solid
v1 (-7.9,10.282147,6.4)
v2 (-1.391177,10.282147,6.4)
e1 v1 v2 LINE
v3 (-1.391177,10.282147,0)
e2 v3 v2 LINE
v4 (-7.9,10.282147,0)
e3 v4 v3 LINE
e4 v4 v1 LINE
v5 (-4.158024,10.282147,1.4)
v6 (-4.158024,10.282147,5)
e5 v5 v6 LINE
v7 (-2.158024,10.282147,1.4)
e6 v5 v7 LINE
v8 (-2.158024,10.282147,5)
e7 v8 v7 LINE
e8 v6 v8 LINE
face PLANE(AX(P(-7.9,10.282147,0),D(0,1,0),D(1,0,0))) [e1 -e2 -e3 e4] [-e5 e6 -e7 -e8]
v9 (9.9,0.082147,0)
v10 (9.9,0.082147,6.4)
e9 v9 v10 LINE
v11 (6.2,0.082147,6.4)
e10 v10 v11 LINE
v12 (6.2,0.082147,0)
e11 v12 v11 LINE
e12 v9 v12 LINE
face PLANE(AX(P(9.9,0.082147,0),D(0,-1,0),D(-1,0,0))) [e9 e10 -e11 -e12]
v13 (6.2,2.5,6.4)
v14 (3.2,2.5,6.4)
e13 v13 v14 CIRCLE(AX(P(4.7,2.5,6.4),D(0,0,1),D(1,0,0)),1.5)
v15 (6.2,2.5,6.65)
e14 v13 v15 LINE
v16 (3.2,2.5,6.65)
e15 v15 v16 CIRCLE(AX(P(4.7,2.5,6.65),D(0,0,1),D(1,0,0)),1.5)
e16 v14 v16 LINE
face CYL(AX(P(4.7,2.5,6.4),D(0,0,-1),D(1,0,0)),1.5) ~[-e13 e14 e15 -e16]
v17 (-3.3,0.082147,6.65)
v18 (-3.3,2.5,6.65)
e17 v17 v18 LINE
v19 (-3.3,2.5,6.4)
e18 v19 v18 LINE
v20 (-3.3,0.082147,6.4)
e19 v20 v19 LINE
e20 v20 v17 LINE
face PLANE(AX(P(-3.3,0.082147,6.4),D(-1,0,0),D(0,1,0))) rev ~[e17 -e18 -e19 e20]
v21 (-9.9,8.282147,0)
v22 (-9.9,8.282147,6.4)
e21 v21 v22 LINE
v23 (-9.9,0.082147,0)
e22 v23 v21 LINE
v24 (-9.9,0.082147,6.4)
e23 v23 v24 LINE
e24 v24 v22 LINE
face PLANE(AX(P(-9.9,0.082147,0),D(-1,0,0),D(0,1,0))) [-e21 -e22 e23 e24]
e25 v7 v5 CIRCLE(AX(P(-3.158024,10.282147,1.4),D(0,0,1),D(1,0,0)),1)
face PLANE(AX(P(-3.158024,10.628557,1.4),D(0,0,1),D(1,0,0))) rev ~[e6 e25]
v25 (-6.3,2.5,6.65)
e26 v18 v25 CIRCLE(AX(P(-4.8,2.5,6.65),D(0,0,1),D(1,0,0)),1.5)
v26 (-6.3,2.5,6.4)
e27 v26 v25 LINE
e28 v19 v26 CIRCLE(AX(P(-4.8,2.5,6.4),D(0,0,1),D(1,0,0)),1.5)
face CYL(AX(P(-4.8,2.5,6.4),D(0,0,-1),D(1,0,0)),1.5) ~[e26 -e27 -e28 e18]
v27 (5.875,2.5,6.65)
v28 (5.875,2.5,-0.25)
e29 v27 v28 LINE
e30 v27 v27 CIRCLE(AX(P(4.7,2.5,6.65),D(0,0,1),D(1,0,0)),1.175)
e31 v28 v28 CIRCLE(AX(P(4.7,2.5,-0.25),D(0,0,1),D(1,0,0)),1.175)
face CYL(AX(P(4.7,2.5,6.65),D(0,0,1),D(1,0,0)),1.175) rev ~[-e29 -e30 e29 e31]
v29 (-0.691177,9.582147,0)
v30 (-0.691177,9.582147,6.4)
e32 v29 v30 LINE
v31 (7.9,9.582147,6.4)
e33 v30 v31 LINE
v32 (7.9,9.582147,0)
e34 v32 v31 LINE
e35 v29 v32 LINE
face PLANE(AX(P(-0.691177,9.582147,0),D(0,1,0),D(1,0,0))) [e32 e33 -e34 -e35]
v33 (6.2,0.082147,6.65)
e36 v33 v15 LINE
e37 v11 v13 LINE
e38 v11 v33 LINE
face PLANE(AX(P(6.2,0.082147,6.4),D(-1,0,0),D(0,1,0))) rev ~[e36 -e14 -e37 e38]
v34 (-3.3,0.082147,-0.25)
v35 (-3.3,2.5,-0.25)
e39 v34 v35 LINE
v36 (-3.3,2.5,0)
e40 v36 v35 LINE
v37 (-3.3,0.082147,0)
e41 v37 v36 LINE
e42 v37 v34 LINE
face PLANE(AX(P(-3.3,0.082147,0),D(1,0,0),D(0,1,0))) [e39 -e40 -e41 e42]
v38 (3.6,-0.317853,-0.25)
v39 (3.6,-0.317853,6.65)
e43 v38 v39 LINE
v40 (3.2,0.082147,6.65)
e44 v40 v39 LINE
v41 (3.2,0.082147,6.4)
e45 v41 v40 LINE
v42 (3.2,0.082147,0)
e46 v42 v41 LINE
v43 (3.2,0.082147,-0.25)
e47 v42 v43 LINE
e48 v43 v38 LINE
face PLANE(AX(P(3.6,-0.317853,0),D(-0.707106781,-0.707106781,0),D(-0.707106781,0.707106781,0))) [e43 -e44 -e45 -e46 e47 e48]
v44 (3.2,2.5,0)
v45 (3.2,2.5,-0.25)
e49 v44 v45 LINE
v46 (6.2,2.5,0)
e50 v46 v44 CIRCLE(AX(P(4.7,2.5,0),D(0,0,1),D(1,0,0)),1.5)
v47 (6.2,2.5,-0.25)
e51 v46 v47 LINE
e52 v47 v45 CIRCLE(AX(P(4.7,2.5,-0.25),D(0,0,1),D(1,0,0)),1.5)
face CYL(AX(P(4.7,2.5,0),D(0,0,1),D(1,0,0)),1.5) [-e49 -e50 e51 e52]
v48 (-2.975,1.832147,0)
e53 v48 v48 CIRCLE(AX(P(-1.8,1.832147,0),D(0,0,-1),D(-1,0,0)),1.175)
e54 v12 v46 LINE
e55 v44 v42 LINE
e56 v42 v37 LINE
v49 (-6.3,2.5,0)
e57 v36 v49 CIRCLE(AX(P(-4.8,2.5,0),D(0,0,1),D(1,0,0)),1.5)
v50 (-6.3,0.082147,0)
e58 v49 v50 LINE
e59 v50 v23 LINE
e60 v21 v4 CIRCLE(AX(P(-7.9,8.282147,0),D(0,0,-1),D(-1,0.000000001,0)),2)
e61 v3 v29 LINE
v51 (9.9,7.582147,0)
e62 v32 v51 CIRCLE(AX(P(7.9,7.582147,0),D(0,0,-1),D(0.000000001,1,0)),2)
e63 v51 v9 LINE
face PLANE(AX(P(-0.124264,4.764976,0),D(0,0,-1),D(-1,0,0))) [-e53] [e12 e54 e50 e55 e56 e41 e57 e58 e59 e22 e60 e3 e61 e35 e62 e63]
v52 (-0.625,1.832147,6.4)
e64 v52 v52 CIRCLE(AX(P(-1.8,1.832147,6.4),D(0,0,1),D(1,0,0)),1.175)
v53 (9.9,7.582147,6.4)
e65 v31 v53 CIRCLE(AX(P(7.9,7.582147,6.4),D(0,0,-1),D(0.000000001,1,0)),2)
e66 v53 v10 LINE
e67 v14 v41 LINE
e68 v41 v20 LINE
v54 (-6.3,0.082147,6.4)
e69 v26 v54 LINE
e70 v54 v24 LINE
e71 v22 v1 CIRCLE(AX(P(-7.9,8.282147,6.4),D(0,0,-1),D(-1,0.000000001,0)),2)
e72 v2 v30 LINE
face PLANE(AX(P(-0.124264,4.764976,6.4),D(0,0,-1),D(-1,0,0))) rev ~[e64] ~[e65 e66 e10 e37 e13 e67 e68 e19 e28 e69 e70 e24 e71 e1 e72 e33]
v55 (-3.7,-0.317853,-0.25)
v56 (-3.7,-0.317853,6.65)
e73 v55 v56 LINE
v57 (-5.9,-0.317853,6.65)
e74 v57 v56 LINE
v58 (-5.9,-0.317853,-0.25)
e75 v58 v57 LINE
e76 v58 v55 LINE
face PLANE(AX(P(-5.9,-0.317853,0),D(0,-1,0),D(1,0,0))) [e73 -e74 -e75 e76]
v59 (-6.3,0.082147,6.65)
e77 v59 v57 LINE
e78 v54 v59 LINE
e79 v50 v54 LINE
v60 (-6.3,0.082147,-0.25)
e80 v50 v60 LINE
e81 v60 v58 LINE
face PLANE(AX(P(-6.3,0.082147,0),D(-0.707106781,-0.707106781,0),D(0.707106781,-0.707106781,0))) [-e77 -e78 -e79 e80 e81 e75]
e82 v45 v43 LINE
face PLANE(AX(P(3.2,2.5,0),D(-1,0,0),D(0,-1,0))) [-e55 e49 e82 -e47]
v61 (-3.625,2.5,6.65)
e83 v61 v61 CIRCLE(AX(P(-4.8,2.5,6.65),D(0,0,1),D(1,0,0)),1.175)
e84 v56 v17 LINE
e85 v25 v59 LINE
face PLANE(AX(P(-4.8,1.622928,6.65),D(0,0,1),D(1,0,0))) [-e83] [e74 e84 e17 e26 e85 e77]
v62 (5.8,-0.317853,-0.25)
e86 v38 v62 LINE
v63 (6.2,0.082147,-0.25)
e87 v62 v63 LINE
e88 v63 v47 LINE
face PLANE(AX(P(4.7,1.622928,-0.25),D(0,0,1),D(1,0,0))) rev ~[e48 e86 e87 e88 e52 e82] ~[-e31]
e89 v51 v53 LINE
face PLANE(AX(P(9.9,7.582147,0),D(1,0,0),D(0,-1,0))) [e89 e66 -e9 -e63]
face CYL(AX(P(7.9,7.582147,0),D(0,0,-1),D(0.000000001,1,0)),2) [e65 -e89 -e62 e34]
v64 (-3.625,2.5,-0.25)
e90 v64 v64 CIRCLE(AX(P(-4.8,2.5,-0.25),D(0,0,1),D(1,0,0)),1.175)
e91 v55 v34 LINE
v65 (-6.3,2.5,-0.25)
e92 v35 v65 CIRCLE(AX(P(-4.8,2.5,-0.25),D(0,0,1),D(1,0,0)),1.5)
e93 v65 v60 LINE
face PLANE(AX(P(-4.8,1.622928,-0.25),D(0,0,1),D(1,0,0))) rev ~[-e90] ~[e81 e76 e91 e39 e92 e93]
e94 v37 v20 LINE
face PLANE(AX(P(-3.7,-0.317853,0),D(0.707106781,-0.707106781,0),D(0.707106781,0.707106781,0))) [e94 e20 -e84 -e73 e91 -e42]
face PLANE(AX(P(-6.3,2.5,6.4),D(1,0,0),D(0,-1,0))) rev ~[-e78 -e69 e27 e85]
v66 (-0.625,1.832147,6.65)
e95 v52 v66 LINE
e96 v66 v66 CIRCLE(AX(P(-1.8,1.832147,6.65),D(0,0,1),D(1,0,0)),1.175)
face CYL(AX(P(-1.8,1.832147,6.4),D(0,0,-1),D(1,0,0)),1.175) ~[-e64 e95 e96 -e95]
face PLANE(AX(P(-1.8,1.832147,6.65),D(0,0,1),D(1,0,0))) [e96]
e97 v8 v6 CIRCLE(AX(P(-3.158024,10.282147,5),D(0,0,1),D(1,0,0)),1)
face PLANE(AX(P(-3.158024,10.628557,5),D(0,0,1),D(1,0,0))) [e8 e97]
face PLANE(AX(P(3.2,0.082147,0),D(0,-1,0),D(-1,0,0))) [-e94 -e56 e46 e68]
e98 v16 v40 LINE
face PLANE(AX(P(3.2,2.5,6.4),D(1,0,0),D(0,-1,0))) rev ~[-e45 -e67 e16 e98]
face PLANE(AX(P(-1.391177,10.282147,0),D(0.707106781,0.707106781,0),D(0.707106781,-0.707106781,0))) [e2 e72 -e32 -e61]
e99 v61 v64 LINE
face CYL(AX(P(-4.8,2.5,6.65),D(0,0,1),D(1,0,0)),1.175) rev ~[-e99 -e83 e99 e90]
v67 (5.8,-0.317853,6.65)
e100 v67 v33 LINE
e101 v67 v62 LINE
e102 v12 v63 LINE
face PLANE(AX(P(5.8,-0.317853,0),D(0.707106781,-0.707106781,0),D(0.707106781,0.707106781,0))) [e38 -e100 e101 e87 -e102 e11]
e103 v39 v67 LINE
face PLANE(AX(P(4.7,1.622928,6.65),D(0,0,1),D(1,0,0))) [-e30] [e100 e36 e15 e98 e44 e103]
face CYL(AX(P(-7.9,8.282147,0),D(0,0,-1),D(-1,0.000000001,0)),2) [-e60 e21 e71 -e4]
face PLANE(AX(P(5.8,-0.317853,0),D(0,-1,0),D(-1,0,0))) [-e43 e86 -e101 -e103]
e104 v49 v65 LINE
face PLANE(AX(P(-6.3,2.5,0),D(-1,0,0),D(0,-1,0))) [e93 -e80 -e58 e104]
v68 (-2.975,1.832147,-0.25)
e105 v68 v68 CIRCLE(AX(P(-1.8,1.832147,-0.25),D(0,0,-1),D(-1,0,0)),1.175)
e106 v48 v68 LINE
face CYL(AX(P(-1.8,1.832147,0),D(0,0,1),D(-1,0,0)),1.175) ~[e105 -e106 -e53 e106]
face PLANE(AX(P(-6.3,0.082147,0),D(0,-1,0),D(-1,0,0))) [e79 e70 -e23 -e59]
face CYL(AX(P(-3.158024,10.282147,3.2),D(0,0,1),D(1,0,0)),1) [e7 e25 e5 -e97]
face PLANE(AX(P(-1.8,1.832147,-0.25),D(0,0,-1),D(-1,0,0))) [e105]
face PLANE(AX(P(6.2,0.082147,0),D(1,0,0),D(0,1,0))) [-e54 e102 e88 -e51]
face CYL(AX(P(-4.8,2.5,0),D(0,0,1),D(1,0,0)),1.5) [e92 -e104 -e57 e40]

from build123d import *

# Parameters (mm, degrees)
BOSS_EXTRUDE1_DEPTH      = 6.4
SKETCH4_R                = 1.175
BOSS_EXTRUDE2_DEPTH      = 0.25
SKETCH5_R                = 1.175
BOSS_EXTRUDE3_DEPTH      = 0.25
SKETCH6_R                = 1.175
CUT_EXTRUDE1_DEPTH       = 7.9
BOSS_EXTRUDE4_DEPTH      = 1.8
BOSS_EXTRUDE4_DEPTH_BACK = 1.8


with BuildPart() as part:
    # Sketch2 → Boss-Extrude1 (new body)
    with BuildSketch(Plane.XY):
        with BuildLine():
            Line((-7.9, 10.282147184), (-1.391176502, 10.282147184))
            Line((-1.391176502, 10.282147184), (-0.691176502, 9.582147184))
            Line((-0.691176502, 9.582147184), (7.9, 9.582147184))
            ThreePointArc((7.9, 9.582147184), (9.314213562, 8.996360746), (9.9, 7.582147184))
            Line((9.9, 7.582147184), (9.9, 0.082147184))
            Line((9.9, 0.082147184), (6.2, 0.082147184))
            Line((6.2, 0.082147184), (5.8, -0.317852816))
            Line((5.8, -0.317852816), (3.6, -0.317852816))
            Line((3.6, -0.317852816), (3.2, 0.082147184))
            Line((3.2, 0.082147184), (-3.3, 0.082147184))
            Line((-3.3, 0.082147184), (-3.7, -0.317852816))
            Line((-3.7, -0.317852816), (-5.9, -0.317852816))
            Line((-5.9, -0.317852816), (-6.3, 0.082147184))
            Line((-6.3, 0.082147184), (-9.9, 0.082147184))
            Line((-9.9, 0.082147184), (-9.9, 8.282147184))
            ThreePointArc((-9.9, 8.282147184), (-9.314213562, 9.696360746), (-7.9, 10.282147184))
        make_face()
    extrude(amount=BOSS_EXTRUDE1_DEPTH)

    # Sketch4 → Boss-Extrude2 (add)
    with BuildSketch(Plane.XY.offset(6.4)):
        with Locations((-1.8, 1.832147184)):
            Circle(SKETCH4_R)
        with BuildLine():
            Line((-6.3, 2.5), (-6.3, 0.082147184))
            Line((-6.3, 0.082147184), (-5.9, -0.317852816))
            Line((-5.9, -0.317852816), (-3.7, -0.317852816))
            Line((-3.7, -0.317852816), (-3.3, 0.082147184))
            Line((-3.3, 0.082147184), (-3.3, 2.5))
            ThreePointArc((-3.3, 2.5), (-4.8, 4), (-6.3, 2.5))
        make_face()
        with BuildLine():
            Line((3.2, 2.5), (3.2, 0.082147184))
            Line((3.2, 0.082147184), (3.6, -0.317852816))
            Line((3.6, -0.317852816), (5.8, -0.317852816))
            Line((5.8, -0.317852816), (6.2, 0.082147184))
            Line((6.2, 0.082147184), (6.2, 2.5))
            ThreePointArc((6.2, 2.5), (4.7, 4), (3.2, 2.5))
        make_face()
    extrude(amount=BOSS_EXTRUDE2_DEPTH)

    # Sketch5 → Boss-Extrude3 (add)
    with BuildSketch(Plane(origin=(0, 0, 0), x_dir=(-1, 0, 0), z_dir=(0, 0, -1))):
        with Locations((1.8, 1.832147184)):
            Circle(SKETCH5_R)
        with BuildLine():
            Line((6.3, 2.5), (6.3, 0.082147184))
            Line((6.3, 0.082147184), (5.9, -0.317852816))
            Line((5.9, -0.317852816), (3.7, -0.317852816))
            Line((3.7, -0.317852816), (3.3, 0.082147184))
            Line((3.3, 0.082147184), (3.3, 2.5))
            ThreePointArc((3.3, 2.5), (4.8, 4), (6.3, 2.5))
        make_face()
        with BuildLine():
            Line((-3.2, 2.5), (-3.2, 0.082147184))
            Line((-3.2, 0.082147184), (-3.6, -0.317852816))
            Line((-3.6, -0.317852816), (-5.8, -0.317852816))
            Line((-5.8, -0.317852816), (-6.2, 0.082147184))
            Line((-6.2, 0.082147184), (-6.2, 2.5))
            ThreePointArc((-6.2, 2.5), (-4.7, 4), (-3.2, 2.5))
        make_face()
    extrude(amount=BOSS_EXTRUDE3_DEPTH)

    # Sketch6 → Cut-Extrude1 (cut, through all)
    with BuildSketch(Plane.XY.offset(6.65)):
        with Locations((-4.8, 2.5)):
            Circle(SKETCH6_R)
        with Locations((4.7, 2.5)):
            Circle(SKETCH6_R)
    extrude(amount=-CUT_EXTRUDE1_DEPTH, mode=Mode.SUBTRACT)

    # Sketch7 → Boss-Extrude4 (add, two sides)
    with BuildSketch(Plane.XY.offset(3.2)) as boss_extrude4_sk:
        with BuildLine():
            Line((-4.158024121, 10.282147184), (-2.158024121, 10.282147184))
            ThreePointArc((-2.158024121, 10.282147184), (-3.158024121, 11.282147184), (-4.158024121, 10.282147184))
        make_face()
    extrude(amount=BOSS_EXTRUDE4_DEPTH)
    extrude(boss_extrude4_sk.sketch, amount=-BOSS_EXTRUDE4_DEPTH_BACK)


solid = part.part
